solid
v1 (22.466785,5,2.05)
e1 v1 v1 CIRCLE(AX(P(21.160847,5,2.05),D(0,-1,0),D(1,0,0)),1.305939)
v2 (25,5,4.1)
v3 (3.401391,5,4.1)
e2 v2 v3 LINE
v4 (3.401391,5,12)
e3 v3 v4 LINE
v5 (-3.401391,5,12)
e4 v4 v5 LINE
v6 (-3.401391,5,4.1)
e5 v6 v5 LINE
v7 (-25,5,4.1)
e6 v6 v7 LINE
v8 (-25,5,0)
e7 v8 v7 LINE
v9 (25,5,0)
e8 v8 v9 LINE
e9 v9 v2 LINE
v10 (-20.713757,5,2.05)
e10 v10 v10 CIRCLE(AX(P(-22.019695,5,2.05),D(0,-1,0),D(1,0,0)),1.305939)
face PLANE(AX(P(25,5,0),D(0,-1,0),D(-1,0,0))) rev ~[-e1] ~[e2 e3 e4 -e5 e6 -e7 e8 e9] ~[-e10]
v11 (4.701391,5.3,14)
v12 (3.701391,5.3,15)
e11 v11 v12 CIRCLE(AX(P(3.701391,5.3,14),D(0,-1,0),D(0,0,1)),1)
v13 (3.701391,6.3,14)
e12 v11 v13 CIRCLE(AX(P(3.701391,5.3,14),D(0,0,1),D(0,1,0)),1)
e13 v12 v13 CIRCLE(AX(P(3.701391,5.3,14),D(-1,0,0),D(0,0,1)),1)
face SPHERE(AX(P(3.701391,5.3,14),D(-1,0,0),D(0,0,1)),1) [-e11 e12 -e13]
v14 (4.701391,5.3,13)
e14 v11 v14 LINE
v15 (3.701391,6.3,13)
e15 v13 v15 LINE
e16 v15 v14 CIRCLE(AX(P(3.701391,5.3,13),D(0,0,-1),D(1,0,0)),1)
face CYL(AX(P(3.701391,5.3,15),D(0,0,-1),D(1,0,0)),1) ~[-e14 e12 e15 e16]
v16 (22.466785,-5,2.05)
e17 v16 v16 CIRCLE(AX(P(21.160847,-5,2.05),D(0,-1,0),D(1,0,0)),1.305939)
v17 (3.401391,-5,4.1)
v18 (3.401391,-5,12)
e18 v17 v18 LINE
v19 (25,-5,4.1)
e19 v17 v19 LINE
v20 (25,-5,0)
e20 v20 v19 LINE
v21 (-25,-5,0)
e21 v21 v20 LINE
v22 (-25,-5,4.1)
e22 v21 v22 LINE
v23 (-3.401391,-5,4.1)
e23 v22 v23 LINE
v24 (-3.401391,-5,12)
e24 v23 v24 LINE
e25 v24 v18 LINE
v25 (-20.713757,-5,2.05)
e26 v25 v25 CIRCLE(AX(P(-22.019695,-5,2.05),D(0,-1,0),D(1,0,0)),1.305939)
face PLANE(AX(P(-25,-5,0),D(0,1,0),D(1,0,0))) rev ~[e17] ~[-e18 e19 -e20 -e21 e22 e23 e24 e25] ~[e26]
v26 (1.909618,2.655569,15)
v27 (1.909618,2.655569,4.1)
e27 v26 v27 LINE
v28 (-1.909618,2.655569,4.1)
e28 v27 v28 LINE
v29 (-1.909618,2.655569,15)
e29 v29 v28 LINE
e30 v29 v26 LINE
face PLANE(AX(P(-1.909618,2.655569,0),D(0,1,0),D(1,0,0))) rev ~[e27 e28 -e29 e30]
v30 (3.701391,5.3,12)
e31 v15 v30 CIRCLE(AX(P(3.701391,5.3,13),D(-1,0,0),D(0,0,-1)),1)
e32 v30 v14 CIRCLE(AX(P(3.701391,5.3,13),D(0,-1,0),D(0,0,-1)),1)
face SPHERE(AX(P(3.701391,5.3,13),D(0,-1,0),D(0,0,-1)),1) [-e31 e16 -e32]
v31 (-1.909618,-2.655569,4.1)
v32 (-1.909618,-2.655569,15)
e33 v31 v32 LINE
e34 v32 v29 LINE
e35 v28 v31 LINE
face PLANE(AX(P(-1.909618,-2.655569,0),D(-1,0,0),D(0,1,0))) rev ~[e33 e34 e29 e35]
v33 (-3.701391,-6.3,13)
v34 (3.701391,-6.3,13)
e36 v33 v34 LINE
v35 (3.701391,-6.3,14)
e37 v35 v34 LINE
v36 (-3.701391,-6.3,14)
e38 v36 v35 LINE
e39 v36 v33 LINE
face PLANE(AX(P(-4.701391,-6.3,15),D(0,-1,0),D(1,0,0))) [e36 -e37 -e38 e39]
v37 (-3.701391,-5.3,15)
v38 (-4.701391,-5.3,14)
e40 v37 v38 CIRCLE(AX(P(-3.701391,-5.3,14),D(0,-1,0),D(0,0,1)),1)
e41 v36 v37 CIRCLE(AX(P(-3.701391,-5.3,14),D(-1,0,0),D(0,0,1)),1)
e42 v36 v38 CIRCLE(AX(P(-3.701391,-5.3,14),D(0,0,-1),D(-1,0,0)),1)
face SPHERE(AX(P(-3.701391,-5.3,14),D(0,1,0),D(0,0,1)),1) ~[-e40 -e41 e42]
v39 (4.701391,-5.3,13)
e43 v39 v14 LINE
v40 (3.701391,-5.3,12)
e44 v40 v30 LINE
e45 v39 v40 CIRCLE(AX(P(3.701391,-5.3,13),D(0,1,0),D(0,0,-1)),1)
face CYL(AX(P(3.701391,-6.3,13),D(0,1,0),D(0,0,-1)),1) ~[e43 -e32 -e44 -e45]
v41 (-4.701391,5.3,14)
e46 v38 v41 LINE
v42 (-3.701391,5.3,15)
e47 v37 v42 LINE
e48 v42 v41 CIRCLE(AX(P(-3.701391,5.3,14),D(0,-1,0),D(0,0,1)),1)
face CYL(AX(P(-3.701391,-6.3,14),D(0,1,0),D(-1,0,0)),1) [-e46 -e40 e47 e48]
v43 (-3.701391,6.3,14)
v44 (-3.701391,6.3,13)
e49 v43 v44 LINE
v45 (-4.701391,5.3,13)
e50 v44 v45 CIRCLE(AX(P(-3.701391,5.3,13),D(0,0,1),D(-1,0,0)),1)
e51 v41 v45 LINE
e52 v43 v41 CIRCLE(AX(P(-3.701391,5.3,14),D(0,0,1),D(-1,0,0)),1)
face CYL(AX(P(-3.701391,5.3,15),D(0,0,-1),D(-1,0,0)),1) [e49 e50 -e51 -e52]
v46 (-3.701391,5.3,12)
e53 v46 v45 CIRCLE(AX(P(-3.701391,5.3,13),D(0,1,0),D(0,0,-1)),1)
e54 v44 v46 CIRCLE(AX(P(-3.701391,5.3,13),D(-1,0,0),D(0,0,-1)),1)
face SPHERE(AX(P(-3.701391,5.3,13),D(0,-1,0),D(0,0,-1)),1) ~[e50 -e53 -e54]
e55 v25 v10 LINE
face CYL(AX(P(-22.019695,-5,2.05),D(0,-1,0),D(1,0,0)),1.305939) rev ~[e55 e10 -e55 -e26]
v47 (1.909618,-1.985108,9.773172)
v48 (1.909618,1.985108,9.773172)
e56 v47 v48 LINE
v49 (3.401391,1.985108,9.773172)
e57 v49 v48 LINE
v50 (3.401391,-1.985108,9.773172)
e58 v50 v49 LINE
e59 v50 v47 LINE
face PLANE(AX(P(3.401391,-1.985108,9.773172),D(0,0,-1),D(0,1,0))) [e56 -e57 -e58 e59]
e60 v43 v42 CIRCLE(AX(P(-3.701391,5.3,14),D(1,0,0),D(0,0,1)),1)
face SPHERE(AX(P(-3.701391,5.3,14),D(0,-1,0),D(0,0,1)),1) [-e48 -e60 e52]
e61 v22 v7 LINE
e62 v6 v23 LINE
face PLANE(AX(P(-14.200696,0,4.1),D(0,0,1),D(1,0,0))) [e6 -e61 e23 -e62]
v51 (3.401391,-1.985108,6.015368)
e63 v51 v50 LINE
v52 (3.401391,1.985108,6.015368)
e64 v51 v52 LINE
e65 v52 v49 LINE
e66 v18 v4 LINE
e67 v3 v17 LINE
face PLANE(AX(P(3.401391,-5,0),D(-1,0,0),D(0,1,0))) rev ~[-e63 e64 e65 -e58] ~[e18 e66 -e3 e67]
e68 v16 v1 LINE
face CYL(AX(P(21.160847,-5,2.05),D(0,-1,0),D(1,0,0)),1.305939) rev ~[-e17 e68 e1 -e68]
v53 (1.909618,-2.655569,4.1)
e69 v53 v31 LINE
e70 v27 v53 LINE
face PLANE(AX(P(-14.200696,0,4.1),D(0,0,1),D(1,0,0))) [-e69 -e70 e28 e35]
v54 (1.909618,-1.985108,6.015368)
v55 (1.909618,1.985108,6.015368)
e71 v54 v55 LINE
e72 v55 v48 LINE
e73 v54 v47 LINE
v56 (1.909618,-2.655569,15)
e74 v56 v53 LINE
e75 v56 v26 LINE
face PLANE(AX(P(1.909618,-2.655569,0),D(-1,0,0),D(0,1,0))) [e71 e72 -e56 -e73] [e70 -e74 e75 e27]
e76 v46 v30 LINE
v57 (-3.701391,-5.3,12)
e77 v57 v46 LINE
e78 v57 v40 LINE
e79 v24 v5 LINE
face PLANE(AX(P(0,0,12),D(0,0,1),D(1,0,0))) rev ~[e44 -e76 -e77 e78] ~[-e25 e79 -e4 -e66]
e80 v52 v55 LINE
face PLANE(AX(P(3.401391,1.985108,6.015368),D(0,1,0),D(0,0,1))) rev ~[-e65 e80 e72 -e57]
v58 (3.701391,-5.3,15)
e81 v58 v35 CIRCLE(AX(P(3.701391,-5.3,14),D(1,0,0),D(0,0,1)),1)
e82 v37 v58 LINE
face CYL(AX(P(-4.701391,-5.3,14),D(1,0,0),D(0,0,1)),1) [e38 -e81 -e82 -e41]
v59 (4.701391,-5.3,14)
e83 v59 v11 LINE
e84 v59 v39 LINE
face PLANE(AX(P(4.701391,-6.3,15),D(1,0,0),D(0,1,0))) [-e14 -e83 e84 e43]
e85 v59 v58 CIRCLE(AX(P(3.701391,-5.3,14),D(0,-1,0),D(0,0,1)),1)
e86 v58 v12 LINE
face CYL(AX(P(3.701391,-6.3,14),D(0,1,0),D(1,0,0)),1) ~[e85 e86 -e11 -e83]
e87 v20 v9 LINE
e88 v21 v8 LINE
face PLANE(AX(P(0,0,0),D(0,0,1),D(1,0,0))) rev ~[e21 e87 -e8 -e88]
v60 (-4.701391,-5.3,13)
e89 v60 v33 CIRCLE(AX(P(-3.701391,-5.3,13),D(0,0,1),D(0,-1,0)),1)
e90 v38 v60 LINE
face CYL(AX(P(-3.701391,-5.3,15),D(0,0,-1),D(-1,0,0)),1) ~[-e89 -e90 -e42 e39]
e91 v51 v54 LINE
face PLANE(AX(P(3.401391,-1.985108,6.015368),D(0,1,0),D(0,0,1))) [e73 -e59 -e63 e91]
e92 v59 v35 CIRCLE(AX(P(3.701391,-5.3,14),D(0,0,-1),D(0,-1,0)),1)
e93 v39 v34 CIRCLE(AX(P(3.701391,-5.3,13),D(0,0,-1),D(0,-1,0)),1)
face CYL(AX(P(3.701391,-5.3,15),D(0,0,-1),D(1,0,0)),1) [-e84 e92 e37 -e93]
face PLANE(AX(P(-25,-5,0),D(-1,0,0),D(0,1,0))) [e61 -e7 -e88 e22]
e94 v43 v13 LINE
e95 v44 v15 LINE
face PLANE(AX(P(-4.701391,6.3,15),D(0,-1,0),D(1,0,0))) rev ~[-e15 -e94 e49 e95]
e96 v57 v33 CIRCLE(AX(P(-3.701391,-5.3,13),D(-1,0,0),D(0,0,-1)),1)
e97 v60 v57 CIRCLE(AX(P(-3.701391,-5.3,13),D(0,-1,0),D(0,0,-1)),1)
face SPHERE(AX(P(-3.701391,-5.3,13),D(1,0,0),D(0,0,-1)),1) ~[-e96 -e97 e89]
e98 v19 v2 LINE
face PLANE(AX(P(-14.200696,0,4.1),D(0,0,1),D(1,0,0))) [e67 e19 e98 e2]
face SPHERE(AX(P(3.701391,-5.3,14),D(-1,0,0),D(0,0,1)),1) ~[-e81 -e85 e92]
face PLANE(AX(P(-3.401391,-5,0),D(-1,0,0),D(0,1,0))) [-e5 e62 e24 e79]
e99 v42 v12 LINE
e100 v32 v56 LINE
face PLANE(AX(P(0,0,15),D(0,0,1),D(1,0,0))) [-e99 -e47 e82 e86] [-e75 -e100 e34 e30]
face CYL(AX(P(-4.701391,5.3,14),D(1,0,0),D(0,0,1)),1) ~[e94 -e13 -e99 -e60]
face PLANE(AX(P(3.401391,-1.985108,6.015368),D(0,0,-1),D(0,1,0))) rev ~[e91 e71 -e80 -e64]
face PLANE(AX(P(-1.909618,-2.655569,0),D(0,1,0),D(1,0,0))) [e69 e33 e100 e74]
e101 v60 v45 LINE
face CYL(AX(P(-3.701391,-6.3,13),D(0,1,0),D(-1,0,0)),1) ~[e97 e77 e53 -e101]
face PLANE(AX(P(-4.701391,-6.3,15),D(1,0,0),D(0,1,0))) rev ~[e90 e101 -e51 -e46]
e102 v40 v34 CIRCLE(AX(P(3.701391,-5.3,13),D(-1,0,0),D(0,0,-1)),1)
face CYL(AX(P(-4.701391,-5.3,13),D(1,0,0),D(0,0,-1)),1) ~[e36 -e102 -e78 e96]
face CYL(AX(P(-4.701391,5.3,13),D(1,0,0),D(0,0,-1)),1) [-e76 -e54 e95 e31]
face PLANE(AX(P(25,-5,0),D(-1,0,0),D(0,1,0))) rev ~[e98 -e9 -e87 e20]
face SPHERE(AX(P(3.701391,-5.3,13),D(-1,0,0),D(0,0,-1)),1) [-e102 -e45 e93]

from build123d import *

# Parameters (mm, degrees)
F0_W     = 21.598608559
F0_H     = 10
F0_W_2   = 6.802782882
F0_W_3   = 3.8192358334
F0_H_2   = 5.3111389279
F1_DEPTH = 4.1
F2_DEPTH = 15
F3_W     = 3.9702160284
F3_H     = 3.7578037009
F4_DEPTH = 1.4917735243
F5_R     = 1.3059385841
F6_DEPTH = 10.001
F7_W     = 9.4027826563
F7_H     = 12.5999997742
F7_W_2   = 6.802782882
F7_H_2   = 10
F7_W_3   = 3.8192358334
F7_H_3   = 5.3111389279
F8_DEPTH = 3
F9_R     = 1


with BuildPart() as f1:
    # F0 (on Top) → F1 (new body)
    with BuildSketch(Plane.XY):
        with Locations((-14.2006957205, 0)):
            Rectangle(F0_W, F0_H)
        with Locations((14.2006957205, 0)):
            Rectangle(F0_W, F0_H)
        Rectangle(F0_W_2, F0_H)
        Rectangle(F0_W_3, F0_H_2, mode=Mode.SUBTRACT)
        Rectangle(F0_W_3, F0_H_2)
    extrude(amount=F1_DEPTH)

    # F0 (on Top) → F2 (join)
    with BuildSketch(Plane.XY):
        Rectangle(F0_W_2, F0_H)
        Rectangle(F0_W_3, F0_H_2, mode=Mode.SUBTRACT)
    extrude(amount=F2_DEPTH)

    # F3 (on face) → F4 (cut, through all)
    with BuildSketch(Plane.YZ.offset(3.401391441)):
        with Locations((0, 7.8942701221)):
            Rectangle(F3_W, F3_H)
    extrude(amount=-F4_DEPTH, mode=Mode.SUBTRACT)

    # F5 (on face) → F6 (cut, through all)
    with BuildSketch(Plane.XZ.offset(5)):
        with Locations((-22.0196954906, 2.05)):
            Circle(F5_R)
        with Locations((21.1608465761, 2.05)):
            Circle(F5_R)
    extrude(amount=-F6_DEPTH, mode=Mode.SUBTRACT)

    # F7 (on face) → F8 (join)
    with BuildSketch(Plane.XY.offset(15)):
        Rectangle(F7_W, F7_H)
        Rectangle(F7_W_2, F7_H_2, mode=Mode.SUBTRACT)
        Rectangle(F7_W_2, F7_H_2)
        Rectangle(F7_W_3, F7_H_3, mode=Mode.SUBTRACT)
    extrude(amount=-F8_DEPTH)

    # F9
    f9_edges = [f1.edges().sort_by_distance(p)[0] for p in [
        (-4.701391, 0, 15),
        (0, -6.3, 15),
        (0, -6.3, 12),
        (4.701391, 0, 12),
        (0, 6.3, 15),
        (-4.701391, 0, 12),
        (0, 6.3, 12),
        (4.701391, 0, 15),
        (4.701391, -6.3, 13.5),
        (4.701391, 6.3, 13.5),
        (-4.701391, 6.3, 13.5),
        (-4.701391, -6.3, 13.5),
    ]]
    fillet(f9_edges, radius=F9_R)


solid = f1.part
